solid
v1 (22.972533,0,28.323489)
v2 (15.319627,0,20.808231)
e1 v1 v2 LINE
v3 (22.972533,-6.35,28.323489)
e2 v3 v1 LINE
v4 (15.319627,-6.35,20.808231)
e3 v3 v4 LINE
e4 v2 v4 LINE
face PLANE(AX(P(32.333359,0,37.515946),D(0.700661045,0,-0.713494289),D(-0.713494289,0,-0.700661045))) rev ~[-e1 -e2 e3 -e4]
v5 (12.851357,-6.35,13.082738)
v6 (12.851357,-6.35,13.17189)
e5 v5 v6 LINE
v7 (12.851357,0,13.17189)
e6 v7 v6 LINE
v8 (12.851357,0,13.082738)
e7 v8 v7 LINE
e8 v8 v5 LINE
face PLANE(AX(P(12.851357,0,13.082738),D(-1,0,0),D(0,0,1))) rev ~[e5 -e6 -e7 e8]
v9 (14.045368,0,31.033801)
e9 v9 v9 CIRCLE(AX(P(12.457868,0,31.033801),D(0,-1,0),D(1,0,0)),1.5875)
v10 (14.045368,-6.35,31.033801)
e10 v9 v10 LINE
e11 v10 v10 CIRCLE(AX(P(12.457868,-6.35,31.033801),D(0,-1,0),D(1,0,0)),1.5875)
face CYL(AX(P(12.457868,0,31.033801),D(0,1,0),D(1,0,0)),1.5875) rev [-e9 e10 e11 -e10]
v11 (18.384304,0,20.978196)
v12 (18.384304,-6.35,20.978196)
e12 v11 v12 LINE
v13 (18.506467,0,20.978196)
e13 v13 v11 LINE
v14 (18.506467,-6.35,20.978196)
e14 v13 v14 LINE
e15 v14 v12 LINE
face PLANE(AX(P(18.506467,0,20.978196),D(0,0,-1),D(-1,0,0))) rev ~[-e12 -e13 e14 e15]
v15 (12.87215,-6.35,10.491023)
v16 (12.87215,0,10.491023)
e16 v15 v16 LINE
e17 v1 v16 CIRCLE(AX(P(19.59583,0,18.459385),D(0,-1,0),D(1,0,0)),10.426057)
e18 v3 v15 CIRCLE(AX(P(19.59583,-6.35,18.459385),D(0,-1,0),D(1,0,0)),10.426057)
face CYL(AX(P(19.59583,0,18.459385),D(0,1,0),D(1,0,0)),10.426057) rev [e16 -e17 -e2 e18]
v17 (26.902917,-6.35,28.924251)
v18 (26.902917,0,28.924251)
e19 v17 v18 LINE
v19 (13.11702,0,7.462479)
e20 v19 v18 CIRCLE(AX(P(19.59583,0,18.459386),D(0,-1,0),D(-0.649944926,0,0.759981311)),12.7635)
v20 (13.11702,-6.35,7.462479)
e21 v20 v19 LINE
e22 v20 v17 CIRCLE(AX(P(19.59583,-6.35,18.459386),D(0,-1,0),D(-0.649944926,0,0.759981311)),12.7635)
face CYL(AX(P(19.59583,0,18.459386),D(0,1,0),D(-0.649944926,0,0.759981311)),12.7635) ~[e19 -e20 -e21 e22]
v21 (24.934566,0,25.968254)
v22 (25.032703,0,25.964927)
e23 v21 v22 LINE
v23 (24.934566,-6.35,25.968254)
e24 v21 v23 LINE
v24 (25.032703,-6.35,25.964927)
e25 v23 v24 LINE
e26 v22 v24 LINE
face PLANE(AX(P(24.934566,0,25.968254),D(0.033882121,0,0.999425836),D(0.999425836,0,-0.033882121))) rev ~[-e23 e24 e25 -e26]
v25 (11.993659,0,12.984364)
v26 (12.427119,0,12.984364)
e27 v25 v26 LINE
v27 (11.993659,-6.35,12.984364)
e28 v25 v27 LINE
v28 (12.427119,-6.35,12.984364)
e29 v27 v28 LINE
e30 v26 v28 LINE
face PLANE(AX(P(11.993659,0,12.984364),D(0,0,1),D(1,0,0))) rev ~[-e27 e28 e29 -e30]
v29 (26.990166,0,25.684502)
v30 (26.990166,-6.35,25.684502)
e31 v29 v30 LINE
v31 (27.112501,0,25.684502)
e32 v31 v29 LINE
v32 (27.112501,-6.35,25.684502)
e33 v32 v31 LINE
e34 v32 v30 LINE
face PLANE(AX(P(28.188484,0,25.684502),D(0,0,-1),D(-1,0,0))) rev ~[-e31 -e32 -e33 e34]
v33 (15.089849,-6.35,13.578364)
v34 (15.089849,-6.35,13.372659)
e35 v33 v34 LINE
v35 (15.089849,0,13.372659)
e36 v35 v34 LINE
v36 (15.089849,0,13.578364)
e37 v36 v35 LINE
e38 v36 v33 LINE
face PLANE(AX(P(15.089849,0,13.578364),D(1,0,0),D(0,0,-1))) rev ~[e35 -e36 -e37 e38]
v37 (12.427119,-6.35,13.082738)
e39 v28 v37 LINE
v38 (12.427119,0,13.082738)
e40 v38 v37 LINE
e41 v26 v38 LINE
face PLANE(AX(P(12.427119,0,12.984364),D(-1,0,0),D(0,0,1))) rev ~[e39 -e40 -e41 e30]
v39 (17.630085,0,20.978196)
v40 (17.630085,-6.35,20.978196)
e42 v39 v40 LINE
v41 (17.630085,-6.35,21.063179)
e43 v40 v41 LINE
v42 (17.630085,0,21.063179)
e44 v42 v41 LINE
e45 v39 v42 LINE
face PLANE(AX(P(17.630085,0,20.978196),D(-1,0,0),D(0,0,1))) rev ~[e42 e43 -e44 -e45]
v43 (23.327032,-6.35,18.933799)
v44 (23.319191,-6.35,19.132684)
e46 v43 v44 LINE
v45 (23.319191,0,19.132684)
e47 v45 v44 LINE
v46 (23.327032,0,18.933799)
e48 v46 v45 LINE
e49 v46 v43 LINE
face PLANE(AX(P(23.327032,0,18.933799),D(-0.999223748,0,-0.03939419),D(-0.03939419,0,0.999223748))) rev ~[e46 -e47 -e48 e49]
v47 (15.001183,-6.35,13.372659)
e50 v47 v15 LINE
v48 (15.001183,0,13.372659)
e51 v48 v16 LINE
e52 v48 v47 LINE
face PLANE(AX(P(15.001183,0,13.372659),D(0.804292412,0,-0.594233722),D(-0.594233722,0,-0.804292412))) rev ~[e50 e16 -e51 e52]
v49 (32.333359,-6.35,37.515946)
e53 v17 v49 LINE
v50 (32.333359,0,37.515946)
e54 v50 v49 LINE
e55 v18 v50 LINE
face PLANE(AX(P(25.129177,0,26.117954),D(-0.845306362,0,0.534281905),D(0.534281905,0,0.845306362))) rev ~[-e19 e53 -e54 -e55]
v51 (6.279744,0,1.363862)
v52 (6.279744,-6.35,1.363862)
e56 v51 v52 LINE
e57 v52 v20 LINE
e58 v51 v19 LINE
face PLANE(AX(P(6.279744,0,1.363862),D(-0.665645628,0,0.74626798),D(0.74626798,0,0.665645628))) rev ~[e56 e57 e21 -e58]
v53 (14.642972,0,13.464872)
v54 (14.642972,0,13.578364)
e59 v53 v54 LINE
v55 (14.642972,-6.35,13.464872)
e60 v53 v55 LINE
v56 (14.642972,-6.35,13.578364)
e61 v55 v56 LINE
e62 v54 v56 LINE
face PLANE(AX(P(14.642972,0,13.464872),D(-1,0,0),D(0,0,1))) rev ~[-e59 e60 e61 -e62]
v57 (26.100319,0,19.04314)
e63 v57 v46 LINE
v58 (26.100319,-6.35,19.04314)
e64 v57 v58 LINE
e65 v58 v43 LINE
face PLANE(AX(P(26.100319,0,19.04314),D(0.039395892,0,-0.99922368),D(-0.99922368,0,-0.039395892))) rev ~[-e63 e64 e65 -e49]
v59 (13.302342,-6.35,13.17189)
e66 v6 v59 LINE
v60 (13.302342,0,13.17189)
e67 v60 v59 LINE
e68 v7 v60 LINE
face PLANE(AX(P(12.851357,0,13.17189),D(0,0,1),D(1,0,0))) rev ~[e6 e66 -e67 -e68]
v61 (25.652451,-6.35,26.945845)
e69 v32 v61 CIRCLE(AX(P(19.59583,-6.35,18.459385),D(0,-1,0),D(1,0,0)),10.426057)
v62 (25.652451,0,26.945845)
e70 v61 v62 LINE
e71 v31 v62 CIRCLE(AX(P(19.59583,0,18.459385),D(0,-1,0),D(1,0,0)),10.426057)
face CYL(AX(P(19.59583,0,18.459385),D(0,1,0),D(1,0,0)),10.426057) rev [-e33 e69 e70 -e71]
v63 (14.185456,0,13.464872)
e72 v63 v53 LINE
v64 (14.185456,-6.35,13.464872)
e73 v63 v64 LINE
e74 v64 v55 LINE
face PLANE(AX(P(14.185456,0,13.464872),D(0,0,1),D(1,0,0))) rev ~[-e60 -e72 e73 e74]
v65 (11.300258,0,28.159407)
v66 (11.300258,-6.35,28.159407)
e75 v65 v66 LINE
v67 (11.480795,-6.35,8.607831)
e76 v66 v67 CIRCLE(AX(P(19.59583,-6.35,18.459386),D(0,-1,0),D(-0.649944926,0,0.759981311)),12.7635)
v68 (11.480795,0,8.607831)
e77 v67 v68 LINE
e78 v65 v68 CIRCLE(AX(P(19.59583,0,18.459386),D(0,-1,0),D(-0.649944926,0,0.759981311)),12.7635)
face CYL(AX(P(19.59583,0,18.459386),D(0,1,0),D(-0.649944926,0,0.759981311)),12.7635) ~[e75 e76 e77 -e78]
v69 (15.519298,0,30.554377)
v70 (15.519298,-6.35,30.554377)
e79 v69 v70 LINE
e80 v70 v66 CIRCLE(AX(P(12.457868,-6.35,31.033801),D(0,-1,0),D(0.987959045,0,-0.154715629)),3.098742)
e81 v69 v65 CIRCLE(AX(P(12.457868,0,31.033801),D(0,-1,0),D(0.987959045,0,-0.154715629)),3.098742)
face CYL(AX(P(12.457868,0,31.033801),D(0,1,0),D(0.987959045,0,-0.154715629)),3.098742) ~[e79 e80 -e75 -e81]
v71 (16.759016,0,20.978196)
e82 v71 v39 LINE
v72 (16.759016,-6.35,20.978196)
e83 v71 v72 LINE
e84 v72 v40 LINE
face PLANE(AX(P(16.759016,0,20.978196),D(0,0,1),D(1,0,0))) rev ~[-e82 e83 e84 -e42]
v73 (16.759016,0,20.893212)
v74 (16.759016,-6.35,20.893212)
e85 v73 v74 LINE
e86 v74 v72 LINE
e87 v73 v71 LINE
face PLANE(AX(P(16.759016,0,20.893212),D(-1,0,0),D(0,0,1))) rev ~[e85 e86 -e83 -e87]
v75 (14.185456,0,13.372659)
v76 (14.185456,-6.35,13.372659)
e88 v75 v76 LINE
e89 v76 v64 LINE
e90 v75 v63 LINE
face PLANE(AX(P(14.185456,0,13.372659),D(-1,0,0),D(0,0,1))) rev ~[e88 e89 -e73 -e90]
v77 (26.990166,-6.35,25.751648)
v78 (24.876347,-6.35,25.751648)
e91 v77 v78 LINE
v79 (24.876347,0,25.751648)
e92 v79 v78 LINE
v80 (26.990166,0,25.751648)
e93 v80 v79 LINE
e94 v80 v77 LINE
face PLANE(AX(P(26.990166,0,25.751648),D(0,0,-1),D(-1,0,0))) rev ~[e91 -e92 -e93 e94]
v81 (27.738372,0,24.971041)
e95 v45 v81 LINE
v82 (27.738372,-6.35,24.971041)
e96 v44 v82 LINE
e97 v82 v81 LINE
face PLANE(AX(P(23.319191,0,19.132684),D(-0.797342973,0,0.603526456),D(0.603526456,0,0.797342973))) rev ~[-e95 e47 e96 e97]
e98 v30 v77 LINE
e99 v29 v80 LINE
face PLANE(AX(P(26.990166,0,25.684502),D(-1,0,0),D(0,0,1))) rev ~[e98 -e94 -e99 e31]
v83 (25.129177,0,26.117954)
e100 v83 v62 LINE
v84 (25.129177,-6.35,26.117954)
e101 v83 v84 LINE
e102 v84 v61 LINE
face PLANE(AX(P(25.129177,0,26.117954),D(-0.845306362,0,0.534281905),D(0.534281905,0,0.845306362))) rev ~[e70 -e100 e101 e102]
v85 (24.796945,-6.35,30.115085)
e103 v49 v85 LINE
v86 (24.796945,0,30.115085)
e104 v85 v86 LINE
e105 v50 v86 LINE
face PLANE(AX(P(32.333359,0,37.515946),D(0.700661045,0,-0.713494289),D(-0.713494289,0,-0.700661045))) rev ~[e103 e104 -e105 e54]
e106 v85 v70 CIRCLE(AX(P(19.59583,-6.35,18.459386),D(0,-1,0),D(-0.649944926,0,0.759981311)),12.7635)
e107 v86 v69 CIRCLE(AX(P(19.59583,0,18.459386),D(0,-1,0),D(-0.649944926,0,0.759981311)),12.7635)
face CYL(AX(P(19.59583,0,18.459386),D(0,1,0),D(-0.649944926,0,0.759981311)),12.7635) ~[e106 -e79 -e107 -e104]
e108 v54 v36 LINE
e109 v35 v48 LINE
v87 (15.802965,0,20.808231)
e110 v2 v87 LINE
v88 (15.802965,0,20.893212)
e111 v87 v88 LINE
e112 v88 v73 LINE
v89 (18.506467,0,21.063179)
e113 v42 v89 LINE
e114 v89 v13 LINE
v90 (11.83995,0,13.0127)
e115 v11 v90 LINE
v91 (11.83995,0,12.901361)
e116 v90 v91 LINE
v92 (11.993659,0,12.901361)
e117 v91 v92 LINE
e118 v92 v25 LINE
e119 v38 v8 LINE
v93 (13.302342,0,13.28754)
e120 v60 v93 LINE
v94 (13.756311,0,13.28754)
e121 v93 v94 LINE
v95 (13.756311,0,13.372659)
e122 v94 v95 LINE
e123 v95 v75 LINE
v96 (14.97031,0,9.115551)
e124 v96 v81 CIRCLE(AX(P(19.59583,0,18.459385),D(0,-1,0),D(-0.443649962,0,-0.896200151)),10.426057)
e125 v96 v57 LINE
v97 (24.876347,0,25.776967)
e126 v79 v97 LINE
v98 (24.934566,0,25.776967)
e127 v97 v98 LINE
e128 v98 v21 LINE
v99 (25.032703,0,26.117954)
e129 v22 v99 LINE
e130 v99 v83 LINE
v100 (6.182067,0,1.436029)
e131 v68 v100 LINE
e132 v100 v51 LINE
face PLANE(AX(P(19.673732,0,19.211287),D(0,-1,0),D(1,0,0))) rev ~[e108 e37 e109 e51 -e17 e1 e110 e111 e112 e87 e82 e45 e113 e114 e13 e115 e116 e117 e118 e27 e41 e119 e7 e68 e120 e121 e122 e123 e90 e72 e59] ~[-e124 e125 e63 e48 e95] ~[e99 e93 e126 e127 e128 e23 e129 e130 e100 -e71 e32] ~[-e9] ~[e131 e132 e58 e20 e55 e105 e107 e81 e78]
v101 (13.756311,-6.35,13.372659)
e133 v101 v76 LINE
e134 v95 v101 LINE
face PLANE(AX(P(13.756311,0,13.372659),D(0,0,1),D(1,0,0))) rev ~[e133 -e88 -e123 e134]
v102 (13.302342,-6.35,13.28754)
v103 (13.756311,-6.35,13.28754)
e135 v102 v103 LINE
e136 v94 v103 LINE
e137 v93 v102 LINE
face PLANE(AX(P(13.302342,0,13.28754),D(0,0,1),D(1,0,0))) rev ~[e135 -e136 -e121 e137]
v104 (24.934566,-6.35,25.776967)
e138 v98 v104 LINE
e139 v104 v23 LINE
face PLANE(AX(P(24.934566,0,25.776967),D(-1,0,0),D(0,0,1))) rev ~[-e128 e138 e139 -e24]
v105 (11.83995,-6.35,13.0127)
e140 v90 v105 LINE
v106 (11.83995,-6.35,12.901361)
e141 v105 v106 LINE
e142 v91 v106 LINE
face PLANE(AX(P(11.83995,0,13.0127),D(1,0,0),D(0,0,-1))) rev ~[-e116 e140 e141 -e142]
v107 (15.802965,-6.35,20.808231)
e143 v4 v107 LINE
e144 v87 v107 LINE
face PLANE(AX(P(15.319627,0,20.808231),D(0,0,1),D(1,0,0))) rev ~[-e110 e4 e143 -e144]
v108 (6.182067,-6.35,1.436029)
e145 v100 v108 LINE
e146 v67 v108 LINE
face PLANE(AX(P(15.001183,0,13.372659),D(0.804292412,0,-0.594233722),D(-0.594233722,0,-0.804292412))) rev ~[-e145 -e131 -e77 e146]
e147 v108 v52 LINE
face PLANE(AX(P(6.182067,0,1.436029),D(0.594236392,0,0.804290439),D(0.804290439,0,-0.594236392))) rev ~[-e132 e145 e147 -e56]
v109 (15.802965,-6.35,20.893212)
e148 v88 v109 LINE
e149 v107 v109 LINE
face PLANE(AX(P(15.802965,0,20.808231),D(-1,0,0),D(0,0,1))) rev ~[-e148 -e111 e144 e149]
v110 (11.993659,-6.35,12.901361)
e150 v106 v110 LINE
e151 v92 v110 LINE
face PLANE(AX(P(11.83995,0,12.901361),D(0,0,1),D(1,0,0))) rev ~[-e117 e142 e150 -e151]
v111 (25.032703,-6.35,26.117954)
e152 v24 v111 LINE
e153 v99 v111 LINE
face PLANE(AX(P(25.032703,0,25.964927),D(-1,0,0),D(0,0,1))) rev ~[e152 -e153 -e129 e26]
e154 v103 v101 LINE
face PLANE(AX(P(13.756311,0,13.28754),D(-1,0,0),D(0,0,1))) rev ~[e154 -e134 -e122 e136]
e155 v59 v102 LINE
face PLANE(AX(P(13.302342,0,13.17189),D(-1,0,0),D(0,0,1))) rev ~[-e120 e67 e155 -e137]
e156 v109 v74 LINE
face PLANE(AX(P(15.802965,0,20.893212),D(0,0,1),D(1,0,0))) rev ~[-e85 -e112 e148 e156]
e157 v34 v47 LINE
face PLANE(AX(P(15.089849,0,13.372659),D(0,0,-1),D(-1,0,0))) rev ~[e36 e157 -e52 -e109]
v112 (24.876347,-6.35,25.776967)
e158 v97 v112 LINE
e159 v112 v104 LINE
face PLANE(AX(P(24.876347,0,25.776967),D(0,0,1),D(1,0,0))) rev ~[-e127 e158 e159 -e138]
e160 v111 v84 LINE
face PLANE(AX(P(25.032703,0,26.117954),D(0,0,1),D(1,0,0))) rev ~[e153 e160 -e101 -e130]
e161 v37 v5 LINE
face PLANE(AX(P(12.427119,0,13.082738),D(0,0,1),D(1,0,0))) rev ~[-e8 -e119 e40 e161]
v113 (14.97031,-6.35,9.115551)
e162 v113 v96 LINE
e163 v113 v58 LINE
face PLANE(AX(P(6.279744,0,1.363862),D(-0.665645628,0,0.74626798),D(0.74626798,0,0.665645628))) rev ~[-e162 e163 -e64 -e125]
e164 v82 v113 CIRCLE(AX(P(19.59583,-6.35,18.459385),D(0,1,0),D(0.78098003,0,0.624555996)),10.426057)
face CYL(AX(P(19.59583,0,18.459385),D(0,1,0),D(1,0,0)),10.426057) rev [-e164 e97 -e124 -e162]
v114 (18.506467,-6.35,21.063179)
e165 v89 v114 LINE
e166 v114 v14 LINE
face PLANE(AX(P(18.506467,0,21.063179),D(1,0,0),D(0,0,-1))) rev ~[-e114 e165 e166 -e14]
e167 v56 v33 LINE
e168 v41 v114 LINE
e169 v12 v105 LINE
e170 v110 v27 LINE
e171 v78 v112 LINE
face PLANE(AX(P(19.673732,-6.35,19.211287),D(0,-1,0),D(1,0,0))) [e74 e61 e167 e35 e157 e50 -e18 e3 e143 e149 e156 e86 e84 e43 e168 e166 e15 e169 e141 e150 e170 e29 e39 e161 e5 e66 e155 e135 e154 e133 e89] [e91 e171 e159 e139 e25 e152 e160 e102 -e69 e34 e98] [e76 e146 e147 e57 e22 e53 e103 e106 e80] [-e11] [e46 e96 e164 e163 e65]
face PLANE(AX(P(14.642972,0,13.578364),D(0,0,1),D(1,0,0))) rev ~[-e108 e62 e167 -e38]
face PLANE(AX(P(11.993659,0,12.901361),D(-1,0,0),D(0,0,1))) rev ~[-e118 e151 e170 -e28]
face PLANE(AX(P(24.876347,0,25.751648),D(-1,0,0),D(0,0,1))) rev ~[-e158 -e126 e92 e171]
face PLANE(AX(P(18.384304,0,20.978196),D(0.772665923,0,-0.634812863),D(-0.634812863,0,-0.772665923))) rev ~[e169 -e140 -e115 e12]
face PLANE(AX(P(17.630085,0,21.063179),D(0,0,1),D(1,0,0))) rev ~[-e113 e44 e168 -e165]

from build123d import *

# Parameters (mm, degrees)
F1_R     = 10.426057
F1_R_2   = 1.5875
F2_DEPTH = 6.35
F3_DEPTH = 6.35


with BuildPart() as f2:
    # F1 (on Front) → F2 (new body)
    with BuildSketch(Plane.XZ):
        with BuildLine():
            ThreePointArc((15.519298, 30.554377), (10.928129, 33.728629), (11.300258, 28.159407))
            ThreePointArc((11.300258, 28.159407), (25.896719, 7.359578), (15.519298, 30.554377))
        make_face()
        with Locations((19.59583, 18.459385)):
            Circle(F1_R, mode=Mode.SUBTRACT)
        with Locations((12.457868, 31.033801)):
            Circle(F1_R_2, mode=Mode.SUBTRACT)
    extrude(amount=F2_DEPTH)

    # F0 (on Front) → F3 (join)
    with BuildSketch(Plane.XZ):
        Polygon((25.129177, 26.117954), (32.333359, 37.515946), (15.319627, 20.808231), (15.802965, 20.808231), (15.802965, 20.893212), (16.759016, 20.893212), (16.759016, 20.978196), (17.630085, 20.978196), (17.630085, 21.063179), (18.506467, 21.063179), (18.506467, 20.978196), (18.384304, 20.978196), (11.83995, 13.0127), (11.83995, 12.901361), (11.993659, 12.901361), (11.993659, 12.984364), (12.427119, 12.984364), (12.427119, 13.082738), (12.851357, 13.082738), (12.851357, 13.17189), (13.302342, 13.17189), (13.302342, 13.28754), (13.756311, 13.28754), (13.756311, 13.372659), (14.185456, 13.372659), (14.185456, 13.464872), (14.642972, 13.464872), (14.642972, 13.578364), (15.089849, 13.578364), (15.089849, 13.372659), (15.001183, 13.372659), (6.182067, 1.436029), (6.279744, 1.363862), (26.100319, 19.04314), (23.327032, 18.933799), (23.319191, 19.132684), (28.188484, 25.565702), (28.188484, 25.684502), (26.990166, 25.684502), (26.990166, 25.751648), (24.876347, 25.751648), (24.876347, 25.776967), (24.934566, 25.776967), (24.934566, 25.968254), (25.032703, 25.964927), (25.032703, 26.117954), align=None)
    extrude(amount=F3_DEPTH)


solid = f2.part
